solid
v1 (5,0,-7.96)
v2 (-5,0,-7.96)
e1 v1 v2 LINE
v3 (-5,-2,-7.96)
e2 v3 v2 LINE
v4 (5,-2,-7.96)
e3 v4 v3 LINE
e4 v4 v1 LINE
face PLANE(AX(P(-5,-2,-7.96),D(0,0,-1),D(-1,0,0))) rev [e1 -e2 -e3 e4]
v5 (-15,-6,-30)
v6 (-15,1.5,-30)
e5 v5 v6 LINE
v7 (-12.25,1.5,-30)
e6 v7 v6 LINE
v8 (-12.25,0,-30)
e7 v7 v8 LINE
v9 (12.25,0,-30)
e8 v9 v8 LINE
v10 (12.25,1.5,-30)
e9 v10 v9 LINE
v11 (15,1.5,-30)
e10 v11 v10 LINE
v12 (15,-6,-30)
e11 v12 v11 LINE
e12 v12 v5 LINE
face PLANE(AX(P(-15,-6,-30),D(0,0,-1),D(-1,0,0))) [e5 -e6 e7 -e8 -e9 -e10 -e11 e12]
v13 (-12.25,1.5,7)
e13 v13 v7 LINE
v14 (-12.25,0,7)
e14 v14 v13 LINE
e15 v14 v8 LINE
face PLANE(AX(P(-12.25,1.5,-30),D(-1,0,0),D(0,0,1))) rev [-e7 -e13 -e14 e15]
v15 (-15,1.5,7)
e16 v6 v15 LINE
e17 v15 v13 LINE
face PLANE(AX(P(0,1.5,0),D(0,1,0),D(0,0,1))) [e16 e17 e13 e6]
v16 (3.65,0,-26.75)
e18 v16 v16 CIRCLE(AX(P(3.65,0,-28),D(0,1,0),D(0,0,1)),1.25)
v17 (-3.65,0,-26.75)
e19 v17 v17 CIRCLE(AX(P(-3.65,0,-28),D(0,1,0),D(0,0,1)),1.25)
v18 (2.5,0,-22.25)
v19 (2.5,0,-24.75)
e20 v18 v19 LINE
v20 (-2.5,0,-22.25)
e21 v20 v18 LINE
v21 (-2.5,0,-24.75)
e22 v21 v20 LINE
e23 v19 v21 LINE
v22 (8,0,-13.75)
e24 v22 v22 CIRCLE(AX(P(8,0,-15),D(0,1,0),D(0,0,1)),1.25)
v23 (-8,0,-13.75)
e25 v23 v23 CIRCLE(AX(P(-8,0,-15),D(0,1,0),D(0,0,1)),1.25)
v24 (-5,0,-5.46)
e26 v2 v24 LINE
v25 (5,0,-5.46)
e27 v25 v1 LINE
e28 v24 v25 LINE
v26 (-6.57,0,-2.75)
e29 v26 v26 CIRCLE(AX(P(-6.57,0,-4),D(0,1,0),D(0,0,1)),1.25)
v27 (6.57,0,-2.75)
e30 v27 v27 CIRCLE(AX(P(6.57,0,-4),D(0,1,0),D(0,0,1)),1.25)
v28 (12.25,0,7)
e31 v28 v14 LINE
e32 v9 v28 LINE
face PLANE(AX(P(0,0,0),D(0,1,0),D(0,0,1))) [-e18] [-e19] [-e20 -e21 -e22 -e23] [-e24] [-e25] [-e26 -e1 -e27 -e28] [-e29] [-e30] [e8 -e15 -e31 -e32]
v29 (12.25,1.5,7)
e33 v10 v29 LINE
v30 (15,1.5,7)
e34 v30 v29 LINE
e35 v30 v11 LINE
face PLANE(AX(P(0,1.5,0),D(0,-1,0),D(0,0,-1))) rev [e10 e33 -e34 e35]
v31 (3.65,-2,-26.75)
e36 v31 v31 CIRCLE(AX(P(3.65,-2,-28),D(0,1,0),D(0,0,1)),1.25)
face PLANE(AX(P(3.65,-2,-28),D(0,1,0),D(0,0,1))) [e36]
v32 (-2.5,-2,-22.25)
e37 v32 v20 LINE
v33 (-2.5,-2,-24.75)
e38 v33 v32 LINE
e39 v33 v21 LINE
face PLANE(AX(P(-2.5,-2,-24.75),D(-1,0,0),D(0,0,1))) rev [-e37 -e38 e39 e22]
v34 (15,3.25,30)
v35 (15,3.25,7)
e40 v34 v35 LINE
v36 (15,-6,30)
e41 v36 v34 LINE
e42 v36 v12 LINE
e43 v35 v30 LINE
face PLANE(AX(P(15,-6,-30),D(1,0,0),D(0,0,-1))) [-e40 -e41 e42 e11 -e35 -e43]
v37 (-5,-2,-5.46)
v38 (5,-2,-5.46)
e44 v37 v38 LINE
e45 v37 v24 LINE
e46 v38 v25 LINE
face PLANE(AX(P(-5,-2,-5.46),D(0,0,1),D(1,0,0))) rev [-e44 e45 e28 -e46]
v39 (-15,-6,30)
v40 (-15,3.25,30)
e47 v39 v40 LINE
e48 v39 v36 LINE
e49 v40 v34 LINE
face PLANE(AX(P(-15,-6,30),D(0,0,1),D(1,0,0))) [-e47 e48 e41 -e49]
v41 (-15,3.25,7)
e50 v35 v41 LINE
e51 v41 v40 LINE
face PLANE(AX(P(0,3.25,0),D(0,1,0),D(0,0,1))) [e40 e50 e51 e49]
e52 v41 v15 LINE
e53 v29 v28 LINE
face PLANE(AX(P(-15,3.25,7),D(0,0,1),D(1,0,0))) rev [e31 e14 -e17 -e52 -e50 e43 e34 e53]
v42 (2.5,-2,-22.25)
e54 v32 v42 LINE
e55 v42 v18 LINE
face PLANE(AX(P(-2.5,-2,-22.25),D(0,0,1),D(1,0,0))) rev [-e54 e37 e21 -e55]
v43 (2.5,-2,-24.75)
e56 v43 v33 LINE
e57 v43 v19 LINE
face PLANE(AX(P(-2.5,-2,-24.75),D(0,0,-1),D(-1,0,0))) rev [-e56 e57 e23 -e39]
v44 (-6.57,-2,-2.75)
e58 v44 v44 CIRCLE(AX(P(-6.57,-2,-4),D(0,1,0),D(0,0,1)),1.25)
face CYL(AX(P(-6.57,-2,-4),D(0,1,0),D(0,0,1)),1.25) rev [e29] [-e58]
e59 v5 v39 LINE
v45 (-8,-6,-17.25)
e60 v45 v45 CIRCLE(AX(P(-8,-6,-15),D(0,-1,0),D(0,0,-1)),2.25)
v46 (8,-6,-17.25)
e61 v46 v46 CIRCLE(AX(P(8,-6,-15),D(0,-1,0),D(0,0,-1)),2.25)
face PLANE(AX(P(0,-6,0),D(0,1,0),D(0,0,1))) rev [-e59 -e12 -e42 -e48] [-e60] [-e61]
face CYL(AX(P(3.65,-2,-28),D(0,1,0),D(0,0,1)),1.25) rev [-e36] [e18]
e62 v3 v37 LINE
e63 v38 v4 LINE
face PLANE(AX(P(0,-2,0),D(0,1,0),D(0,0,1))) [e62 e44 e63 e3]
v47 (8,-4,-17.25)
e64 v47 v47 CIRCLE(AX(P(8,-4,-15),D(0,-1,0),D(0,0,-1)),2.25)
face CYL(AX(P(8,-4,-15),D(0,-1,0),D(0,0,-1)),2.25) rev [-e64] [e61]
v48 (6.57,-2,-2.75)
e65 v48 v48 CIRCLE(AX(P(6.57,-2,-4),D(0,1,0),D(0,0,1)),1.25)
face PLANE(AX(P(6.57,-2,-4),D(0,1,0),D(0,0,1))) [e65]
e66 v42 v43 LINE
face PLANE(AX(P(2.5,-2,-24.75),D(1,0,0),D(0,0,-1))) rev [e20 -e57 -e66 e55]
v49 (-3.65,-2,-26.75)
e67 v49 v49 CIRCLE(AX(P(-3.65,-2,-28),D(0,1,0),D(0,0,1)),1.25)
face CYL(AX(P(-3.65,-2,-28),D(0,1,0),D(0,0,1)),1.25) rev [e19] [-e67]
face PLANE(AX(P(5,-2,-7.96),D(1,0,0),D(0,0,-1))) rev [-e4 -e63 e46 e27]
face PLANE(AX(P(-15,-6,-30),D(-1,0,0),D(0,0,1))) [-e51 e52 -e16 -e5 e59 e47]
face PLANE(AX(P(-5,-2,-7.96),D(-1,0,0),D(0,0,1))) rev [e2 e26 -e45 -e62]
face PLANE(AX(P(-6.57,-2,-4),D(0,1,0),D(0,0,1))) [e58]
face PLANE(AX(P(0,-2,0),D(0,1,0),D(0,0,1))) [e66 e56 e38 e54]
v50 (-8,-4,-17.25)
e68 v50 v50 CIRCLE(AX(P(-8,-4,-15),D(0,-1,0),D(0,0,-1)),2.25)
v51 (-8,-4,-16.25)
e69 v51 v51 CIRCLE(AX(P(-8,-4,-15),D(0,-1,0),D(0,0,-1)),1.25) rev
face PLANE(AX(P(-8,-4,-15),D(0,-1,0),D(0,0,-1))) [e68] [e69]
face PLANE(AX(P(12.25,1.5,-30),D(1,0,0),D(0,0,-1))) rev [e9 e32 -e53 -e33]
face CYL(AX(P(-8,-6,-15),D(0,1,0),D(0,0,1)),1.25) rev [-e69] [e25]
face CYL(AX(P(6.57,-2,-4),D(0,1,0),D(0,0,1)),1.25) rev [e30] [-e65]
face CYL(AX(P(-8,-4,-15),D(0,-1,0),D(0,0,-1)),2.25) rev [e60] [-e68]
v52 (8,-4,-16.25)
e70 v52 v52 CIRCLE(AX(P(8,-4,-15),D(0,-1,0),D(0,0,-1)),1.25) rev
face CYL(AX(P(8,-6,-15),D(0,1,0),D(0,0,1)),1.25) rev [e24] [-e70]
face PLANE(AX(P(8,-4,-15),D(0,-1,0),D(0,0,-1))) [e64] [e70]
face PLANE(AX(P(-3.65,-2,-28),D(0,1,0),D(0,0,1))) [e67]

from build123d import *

# Parameters (mm, degrees)
SKETCH1_W           = 30
SKETCH1_H           = 60
SKETCH1_R           = 1.25
BOSS_EXTRUDE1_DEPTH = 6
SKETCH2_R           = 2.25
CUT_EXTRUDE1_DEPTH  = 2
SKETCH3_W           = 2.75
SKETCH3_H           = 60
BOSS_EXTRUDE2_DEPTH = 1.5
SKETCH4_R           = 1.25
SKETCH4_W           = 5
SKETCH4_H           = 2.5
SKETCH4_W_2         = 10
CUT_EXTRUDE2_DEPTH  = 2
SKETCH5_W           = 30
SKETCH5_H           = 23
BOSS_EXTRUDE3_DEPTH = 3.25


with BuildPart() as part:
    # Sketch1 → Boss-Extrude1 (new body)
    with BuildSketch(Plane(origin=(0, 0, 0), x_dir=(1, 0, 0), z_dir=(0, 1, 0))):
        Rectangle(SKETCH1_W, SKETCH1_H)
        with Locations(Location((-8, 15, 0), (0, 0, 270))):
            Circle(SKETCH1_R, mode=Mode.SUBTRACT)
        with Locations(Location((8, 15, 0), (0, 0, 270))):
            Circle(SKETCH1_R, mode=Mode.SUBTRACT)
    extrude(amount=-BOSS_EXTRUDE1_DEPTH)

    # Sketch2 → Cut-Extrude1 (cut)
    with BuildSketch(Plane(origin=(0, -6, 0), x_dir=(-1, 0, 0), z_dir=(0, -1, 0))):
        with Locations(Location((-8, 15, 0), (0, 0, 90))):
            Circle(SKETCH2_R)
        with Locations(Location((8, 15, 0), (0, 0, 90))):
            Circle(SKETCH2_R)
    extrude(amount=-CUT_EXTRUDE1_DEPTH, mode=Mode.SUBTRACT)

    # Sketch3 → Boss-Extrude2 (add)
    with BuildSketch(Plane(origin=(0, 0, 0), x_dir=(1, 0, 0), z_dir=(0, 1, 0))):
        with Locations((-13.625, 0)):
            Rectangle(SKETCH3_W, SKETCH3_H)
        with Locations((13.625, 0)):
            Rectangle(SKETCH3_W, SKETCH3_H)
    extrude(amount=BOSS_EXTRUDE2_DEPTH)

    # Sketch4 → Cut-Extrude2 (cut)
    with BuildSketch(Plane(origin=(0, 0, 0), x_dir=(1, 0, 0), z_dir=(0, 1, 0))):
        with Locations(Location((-3.65, 28, 0), (0, 0, 270))):
            Circle(SKETCH4_R)
        with Locations(Location((3.65, 28, 0), (0, 0, 270))):
            Circle(SKETCH4_R)
        with Locations(Location((-6.57, 4, 0), (0, 0, 270))):
            Circle(SKETCH4_R)
        with Locations(Location((6.57, 4, 0), (0, 0, 270))):
            Circle(SKETCH4_R)
        with Locations((0, 23.5)):
            Rectangle(SKETCH4_W, SKETCH4_H)
        with Locations((0, 6.71)):
            Rectangle(SKETCH4_W_2, SKETCH4_H)
    extrude(amount=-CUT_EXTRUDE2_DEPTH, mode=Mode.SUBTRACT)

    # Sketch5 → Boss-Extrude3 (add)
    with BuildSketch(Plane(origin=(0, 0, 0), x_dir=(1, 0, 0), z_dir=(0, 1, 0))):
        with Locations((0, -18.5)):
            Rectangle(SKETCH5_W, SKETCH5_H)
    extrude(amount=BOSS_EXTRUDE3_DEPTH)


solid = part.part
